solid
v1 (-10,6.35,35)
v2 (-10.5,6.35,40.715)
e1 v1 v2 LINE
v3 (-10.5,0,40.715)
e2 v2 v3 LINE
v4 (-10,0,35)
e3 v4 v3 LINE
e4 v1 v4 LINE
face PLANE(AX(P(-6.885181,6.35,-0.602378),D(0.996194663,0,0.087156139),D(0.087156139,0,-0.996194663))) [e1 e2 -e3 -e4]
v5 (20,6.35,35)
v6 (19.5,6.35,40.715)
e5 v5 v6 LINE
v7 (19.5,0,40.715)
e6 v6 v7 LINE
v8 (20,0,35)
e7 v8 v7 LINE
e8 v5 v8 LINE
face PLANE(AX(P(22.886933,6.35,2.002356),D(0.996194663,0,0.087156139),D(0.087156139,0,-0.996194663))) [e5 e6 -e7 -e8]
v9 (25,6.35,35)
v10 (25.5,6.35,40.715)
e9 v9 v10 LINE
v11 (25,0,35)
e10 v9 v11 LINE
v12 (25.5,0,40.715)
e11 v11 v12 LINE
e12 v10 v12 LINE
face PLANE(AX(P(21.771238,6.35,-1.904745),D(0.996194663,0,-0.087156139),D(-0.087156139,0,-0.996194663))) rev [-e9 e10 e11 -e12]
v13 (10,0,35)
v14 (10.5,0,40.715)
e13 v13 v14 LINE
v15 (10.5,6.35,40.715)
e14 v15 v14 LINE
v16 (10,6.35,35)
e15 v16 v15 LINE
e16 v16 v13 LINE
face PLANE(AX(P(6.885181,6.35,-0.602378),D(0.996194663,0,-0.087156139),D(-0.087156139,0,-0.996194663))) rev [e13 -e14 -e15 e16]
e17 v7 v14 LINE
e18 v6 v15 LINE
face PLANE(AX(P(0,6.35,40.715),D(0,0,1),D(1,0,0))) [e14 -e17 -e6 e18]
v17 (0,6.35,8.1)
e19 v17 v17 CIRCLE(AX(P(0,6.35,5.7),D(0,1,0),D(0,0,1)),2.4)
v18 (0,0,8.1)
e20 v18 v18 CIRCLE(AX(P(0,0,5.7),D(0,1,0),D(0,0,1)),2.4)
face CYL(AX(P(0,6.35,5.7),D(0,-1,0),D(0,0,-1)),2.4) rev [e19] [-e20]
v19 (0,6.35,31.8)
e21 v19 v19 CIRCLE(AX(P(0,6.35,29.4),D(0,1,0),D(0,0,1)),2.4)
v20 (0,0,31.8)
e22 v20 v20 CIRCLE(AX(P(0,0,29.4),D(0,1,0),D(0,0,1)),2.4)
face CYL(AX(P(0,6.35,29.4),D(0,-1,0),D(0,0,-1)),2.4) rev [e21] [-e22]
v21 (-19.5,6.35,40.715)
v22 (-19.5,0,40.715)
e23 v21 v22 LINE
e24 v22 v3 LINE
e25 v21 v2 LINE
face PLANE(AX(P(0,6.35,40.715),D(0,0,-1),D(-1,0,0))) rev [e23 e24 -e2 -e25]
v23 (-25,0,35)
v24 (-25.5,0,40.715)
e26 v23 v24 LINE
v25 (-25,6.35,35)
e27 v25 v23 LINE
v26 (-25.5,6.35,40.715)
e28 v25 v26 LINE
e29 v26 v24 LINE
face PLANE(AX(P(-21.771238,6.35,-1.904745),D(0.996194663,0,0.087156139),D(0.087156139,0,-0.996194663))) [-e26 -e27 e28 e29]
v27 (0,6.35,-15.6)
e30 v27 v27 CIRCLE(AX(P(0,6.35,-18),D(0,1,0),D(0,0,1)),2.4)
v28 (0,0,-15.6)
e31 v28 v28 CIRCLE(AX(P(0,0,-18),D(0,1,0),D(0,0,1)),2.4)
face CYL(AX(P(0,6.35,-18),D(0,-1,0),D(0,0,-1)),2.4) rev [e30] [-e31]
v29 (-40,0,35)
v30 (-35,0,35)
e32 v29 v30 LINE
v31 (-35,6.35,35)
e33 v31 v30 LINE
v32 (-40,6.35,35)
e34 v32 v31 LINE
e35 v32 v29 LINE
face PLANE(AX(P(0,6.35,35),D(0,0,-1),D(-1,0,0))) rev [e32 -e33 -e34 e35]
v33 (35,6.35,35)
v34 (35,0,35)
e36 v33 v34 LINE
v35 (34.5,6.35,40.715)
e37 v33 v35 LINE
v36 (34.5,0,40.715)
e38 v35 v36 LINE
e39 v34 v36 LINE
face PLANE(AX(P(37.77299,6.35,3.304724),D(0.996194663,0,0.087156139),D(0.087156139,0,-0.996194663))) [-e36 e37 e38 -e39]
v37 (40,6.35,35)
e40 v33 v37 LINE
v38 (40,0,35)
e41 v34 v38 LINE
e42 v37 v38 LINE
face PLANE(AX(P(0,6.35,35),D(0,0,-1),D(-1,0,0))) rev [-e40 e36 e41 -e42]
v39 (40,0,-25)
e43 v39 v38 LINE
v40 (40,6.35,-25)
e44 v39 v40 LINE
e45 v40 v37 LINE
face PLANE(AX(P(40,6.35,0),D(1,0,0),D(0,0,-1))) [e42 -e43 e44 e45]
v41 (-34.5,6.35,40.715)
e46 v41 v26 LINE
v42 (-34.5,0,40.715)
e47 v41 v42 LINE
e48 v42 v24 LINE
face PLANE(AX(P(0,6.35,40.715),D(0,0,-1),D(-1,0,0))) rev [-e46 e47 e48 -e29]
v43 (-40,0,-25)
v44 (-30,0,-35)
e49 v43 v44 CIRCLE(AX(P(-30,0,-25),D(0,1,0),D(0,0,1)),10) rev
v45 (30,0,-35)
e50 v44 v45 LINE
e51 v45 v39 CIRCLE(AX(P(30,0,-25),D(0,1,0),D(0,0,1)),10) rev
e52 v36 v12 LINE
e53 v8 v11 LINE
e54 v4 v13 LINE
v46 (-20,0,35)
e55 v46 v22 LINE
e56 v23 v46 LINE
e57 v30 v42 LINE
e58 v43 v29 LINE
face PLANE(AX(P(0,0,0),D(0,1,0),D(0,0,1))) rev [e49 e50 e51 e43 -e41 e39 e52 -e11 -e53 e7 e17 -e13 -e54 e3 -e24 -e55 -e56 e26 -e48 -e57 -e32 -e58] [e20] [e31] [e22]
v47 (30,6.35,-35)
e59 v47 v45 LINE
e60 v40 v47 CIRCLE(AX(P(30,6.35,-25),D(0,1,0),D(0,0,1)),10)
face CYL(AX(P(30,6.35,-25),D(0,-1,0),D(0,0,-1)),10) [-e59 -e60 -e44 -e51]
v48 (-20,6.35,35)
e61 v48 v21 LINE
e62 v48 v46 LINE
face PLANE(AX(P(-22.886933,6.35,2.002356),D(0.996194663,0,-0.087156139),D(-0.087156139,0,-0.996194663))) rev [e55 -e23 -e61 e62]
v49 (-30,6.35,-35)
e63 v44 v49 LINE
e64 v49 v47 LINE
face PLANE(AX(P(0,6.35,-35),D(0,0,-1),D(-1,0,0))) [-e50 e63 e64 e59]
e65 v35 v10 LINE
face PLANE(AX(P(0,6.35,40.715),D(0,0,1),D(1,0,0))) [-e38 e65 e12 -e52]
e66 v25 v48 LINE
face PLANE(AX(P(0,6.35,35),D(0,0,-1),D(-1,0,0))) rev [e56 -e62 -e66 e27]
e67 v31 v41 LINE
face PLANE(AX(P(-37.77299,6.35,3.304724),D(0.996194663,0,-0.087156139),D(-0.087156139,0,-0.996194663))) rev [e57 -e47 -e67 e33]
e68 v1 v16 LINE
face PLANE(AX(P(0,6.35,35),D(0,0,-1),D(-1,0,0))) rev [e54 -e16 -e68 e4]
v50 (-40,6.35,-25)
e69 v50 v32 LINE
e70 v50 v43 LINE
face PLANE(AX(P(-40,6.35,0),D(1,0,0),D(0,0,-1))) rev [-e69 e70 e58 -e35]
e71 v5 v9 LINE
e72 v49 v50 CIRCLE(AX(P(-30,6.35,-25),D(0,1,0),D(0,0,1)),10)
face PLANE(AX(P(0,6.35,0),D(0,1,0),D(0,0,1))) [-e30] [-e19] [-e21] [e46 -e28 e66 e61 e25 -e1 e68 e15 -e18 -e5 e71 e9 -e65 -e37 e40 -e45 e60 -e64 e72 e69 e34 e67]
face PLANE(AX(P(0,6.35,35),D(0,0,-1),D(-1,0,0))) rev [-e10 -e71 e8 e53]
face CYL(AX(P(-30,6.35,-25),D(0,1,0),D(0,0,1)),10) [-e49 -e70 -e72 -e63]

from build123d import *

# Parameters (mm, degrees)
SKETCH1_W           = 80
SKETCH1_H           = 70
SKETCH1_R           = 2.4
BOSS_EXTRUDE1_DEPTH = 6.35
FILLET1_R           = 10


with BuildPart() as part:
    # Sketch1 → Boss-Extrude1 (new body)
    with BuildSketch(Plane(origin=(0, 0, 0), x_dir=(1, 0, 0), z_dir=(0, 1, 0))):
        Rectangle(SKETCH1_W, SKETCH1_H)
        with Locations((0, 18)):
            Circle(SKETCH1_R, mode=Mode.SUBTRACT)
        with Locations((0, -5.7)):
            Circle(SKETCH1_R, mode=Mode.SUBTRACT)
        with Locations((0, -29.4)):
            Circle(SKETCH1_R, mode=Mode.SUBTRACT)
        Polygon((-20, -35), (-10, -35), (-10.5, -40.715), (-19.5, -40.715), align=None)
        Polygon((10, -35), (10.5, -40.715), (19.5, -40.715), (20, -35), align=None)
        Polygon((-35, -35), (-25, -35), (-25.5, -40.715), (-34.5, -40.715), align=None)
        Polygon((25, -35), (25.5, -40.715), (34.5, -40.715), (35, -35), align=None)
    extrude(amount=BOSS_EXTRUDE1_DEPTH)

    # Fillet1
    fillet1_edges = [part.edges().sort_by_distance(p)[0] for p in [
        (-40, 3.175, -35),
        (40, 3.175, -35),
    ]]
    fillet(fillet1_edges, radius=FILLET1_R)


solid = part.part
